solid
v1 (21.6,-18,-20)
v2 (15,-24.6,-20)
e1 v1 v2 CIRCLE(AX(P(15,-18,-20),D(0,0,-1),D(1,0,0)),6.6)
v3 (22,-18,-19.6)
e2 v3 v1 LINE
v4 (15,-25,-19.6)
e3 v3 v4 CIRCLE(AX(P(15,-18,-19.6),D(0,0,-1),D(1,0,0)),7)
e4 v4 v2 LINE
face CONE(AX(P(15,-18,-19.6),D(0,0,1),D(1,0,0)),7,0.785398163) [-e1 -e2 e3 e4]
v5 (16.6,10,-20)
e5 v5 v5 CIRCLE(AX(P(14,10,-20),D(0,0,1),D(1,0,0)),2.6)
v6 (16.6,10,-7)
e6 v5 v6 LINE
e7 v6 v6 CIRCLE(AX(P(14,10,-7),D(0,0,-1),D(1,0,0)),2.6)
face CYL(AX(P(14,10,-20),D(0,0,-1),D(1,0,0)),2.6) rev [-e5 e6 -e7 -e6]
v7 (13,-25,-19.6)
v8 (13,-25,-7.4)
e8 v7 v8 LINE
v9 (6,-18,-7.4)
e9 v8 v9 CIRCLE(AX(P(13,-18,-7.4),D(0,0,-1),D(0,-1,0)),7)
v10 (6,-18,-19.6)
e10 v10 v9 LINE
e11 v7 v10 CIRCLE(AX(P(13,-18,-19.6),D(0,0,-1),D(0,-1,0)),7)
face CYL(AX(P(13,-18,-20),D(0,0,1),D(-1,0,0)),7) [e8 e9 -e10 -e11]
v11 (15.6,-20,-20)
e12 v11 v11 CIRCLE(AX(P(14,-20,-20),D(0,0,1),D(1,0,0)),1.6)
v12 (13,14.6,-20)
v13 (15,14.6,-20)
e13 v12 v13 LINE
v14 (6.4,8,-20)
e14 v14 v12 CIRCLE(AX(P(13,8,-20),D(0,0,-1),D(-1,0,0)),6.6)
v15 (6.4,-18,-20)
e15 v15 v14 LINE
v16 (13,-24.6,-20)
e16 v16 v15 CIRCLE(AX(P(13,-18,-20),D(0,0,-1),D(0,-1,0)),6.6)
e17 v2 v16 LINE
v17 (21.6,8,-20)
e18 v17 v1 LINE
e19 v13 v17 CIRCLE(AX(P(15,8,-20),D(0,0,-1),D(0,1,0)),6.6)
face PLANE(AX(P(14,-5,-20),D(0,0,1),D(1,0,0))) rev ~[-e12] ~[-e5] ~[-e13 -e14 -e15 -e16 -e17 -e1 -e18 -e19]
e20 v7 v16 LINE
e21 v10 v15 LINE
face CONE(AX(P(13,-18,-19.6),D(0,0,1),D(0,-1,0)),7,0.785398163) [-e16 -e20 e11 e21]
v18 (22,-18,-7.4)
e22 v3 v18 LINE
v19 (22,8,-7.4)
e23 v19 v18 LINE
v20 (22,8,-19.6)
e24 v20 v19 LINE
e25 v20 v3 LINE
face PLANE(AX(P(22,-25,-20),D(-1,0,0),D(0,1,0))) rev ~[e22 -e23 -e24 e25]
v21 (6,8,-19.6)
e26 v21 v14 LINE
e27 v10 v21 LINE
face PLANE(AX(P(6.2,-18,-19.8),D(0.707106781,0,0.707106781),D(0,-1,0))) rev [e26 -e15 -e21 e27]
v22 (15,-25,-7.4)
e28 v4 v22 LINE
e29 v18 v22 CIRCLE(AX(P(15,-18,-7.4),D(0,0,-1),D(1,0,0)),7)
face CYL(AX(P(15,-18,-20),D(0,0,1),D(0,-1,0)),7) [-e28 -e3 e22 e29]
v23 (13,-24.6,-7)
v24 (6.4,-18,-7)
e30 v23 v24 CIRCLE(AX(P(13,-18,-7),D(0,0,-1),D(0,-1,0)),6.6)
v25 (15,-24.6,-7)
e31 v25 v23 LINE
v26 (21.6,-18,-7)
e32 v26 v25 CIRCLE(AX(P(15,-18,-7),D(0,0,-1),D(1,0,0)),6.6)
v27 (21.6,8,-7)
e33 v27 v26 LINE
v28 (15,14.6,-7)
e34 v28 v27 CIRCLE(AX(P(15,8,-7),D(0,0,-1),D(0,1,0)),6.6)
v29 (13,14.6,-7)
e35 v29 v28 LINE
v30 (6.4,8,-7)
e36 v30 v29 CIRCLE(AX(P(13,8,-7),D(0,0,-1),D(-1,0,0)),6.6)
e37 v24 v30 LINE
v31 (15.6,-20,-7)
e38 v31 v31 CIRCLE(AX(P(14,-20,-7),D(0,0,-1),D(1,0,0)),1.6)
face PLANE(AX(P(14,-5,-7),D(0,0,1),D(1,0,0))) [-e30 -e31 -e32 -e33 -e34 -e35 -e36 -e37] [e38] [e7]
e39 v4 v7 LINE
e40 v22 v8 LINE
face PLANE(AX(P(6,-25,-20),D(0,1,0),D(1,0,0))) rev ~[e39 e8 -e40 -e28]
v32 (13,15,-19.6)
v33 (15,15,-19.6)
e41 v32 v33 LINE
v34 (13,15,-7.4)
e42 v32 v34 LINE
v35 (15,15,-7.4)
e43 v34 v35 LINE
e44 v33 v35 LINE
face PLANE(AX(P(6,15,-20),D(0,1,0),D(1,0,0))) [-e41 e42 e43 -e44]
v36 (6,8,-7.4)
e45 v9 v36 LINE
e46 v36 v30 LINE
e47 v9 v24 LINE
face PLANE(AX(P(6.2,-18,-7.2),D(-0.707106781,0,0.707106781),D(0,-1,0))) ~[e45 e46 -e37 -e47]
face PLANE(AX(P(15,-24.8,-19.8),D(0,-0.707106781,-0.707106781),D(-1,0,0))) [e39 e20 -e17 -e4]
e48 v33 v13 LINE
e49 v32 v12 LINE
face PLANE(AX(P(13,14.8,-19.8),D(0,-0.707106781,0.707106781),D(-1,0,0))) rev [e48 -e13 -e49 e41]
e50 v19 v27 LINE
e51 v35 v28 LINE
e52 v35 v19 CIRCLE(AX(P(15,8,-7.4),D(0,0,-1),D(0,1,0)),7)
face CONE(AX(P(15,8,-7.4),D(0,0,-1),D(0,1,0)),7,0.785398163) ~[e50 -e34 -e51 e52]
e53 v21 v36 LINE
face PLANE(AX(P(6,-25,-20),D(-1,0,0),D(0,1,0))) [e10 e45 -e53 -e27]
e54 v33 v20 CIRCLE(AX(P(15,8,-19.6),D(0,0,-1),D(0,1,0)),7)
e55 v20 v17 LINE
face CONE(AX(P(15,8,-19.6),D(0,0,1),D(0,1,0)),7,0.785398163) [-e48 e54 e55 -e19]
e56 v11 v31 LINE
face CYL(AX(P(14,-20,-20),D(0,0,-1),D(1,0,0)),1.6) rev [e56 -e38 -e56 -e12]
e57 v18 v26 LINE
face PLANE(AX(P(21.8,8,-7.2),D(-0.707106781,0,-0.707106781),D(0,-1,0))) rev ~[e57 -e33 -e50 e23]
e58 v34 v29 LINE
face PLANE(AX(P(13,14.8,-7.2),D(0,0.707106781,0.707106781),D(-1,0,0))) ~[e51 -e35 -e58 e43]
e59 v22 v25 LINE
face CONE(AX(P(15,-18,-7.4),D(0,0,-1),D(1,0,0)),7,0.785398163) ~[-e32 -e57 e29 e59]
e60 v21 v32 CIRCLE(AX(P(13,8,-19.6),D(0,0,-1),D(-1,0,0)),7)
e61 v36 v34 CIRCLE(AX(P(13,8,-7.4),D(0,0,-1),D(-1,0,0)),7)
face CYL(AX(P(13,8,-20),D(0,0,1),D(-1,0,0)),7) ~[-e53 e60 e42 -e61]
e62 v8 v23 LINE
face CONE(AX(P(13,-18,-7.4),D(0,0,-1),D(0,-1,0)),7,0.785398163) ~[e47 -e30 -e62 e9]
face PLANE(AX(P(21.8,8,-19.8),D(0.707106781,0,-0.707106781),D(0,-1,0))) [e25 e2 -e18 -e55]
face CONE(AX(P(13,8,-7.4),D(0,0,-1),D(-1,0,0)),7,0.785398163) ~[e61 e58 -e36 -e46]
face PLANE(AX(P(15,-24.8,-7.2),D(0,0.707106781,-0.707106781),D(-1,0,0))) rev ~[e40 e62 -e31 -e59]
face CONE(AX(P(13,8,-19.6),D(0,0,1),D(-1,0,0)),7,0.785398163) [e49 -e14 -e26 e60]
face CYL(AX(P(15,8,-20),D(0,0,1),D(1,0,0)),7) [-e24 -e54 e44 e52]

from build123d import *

# Parameters (mm, degrees)
CYLINDER007_R     = 2.6
CYLINDER007_DEPTH = 15
CYLINDER008_R     = 1.6
CYLINDER008_DEPTH = 15
BOX007_W          = 16
BOX007_H          = 40
BOX007_DEPTH      = 13
FILLET_R          = 7
CHAMFER008_SIZE   = 0.4


with BuildPart() as cylinder007:
    # Cylinder007 → Cylinder007 (new body)
    with BuildSketch(Plane(origin=(10, 10, -20), x_dir=(1, 0, 0), z_dir=(0, 0, 1))):
        Circle(CYLINDER007_R)
    extrude(amount=CYLINDER007_DEPTH)


with BuildPart() as fusion009:
    # Cylinder008 → Cylinder008 (new body)
    with BuildSketch(Plane(origin=(10, -20, -20), x_dir=(1, 0, 0), z_dir=(0, 0, 1))):
        Circle(CYLINDER008_R)
    extrude(amount=CYLINDER008_DEPTH)

    # Fusion009: union Cylinder007
    add(cylinder007.part)


with BuildPart() as hingle_base:
    # Box007 → Box007 (new body)
    with BuildSketch(Plane(origin=(2, -25, -20), x_dir=(1, 0, 0), z_dir=(0, 0, 1))):
        with Locations((8, 20)):
            Rectangle(BOX007_W, BOX007_H)
    extrude(amount=BOX007_DEPTH)

    # Fillet
    fillet_edges = [hingle_base.edges().sort_by_distance(p)[0] for p in [
        (2, -25, -13.5),
        (2, 15, -13.5),
        (18, -25, -13.5),
        (18, 15, -13.5),
    ]]
    fillet(fillet_edges, radius=FILLET_R)

    # Chamfer008
    chamfer008_edges = [hingle_base.edges().sort_by_distance(p)[0] for p in [
        (2, -5, -7),
        (2, -5, -20),
        (4.050253, -22.949747, -7),
        (4.050253, 12.949747, -7),
        (10, -25, -7),
        (10, 15, -7),
        (15.949747, -22.949747, -7),
        (15.949747, 12.949747, -7),
        (18, -5, -7),
        (4.050253, -22.949747, -20),
        (4.050253, 12.949747, -20),
        (10, -25, -20),
        (10, 15, -20),
        (15.949747, -22.949747, -20),
        (15.949747, 12.949747, -20),
        (18, -5, -20),
    ]]
    chamfer(chamfer008_edges, length=CHAMFER008_SIZE)

    # Cut008: cut Fusion009
    add(fusion009.part, mode=Mode.SUBTRACT)


with BuildPart() as hingle_base_1:
    # Cut008 placement: moved
    add(hingle_base.part.moved(Location((4, 0, 0))))


solid = hingle_base_1.part
